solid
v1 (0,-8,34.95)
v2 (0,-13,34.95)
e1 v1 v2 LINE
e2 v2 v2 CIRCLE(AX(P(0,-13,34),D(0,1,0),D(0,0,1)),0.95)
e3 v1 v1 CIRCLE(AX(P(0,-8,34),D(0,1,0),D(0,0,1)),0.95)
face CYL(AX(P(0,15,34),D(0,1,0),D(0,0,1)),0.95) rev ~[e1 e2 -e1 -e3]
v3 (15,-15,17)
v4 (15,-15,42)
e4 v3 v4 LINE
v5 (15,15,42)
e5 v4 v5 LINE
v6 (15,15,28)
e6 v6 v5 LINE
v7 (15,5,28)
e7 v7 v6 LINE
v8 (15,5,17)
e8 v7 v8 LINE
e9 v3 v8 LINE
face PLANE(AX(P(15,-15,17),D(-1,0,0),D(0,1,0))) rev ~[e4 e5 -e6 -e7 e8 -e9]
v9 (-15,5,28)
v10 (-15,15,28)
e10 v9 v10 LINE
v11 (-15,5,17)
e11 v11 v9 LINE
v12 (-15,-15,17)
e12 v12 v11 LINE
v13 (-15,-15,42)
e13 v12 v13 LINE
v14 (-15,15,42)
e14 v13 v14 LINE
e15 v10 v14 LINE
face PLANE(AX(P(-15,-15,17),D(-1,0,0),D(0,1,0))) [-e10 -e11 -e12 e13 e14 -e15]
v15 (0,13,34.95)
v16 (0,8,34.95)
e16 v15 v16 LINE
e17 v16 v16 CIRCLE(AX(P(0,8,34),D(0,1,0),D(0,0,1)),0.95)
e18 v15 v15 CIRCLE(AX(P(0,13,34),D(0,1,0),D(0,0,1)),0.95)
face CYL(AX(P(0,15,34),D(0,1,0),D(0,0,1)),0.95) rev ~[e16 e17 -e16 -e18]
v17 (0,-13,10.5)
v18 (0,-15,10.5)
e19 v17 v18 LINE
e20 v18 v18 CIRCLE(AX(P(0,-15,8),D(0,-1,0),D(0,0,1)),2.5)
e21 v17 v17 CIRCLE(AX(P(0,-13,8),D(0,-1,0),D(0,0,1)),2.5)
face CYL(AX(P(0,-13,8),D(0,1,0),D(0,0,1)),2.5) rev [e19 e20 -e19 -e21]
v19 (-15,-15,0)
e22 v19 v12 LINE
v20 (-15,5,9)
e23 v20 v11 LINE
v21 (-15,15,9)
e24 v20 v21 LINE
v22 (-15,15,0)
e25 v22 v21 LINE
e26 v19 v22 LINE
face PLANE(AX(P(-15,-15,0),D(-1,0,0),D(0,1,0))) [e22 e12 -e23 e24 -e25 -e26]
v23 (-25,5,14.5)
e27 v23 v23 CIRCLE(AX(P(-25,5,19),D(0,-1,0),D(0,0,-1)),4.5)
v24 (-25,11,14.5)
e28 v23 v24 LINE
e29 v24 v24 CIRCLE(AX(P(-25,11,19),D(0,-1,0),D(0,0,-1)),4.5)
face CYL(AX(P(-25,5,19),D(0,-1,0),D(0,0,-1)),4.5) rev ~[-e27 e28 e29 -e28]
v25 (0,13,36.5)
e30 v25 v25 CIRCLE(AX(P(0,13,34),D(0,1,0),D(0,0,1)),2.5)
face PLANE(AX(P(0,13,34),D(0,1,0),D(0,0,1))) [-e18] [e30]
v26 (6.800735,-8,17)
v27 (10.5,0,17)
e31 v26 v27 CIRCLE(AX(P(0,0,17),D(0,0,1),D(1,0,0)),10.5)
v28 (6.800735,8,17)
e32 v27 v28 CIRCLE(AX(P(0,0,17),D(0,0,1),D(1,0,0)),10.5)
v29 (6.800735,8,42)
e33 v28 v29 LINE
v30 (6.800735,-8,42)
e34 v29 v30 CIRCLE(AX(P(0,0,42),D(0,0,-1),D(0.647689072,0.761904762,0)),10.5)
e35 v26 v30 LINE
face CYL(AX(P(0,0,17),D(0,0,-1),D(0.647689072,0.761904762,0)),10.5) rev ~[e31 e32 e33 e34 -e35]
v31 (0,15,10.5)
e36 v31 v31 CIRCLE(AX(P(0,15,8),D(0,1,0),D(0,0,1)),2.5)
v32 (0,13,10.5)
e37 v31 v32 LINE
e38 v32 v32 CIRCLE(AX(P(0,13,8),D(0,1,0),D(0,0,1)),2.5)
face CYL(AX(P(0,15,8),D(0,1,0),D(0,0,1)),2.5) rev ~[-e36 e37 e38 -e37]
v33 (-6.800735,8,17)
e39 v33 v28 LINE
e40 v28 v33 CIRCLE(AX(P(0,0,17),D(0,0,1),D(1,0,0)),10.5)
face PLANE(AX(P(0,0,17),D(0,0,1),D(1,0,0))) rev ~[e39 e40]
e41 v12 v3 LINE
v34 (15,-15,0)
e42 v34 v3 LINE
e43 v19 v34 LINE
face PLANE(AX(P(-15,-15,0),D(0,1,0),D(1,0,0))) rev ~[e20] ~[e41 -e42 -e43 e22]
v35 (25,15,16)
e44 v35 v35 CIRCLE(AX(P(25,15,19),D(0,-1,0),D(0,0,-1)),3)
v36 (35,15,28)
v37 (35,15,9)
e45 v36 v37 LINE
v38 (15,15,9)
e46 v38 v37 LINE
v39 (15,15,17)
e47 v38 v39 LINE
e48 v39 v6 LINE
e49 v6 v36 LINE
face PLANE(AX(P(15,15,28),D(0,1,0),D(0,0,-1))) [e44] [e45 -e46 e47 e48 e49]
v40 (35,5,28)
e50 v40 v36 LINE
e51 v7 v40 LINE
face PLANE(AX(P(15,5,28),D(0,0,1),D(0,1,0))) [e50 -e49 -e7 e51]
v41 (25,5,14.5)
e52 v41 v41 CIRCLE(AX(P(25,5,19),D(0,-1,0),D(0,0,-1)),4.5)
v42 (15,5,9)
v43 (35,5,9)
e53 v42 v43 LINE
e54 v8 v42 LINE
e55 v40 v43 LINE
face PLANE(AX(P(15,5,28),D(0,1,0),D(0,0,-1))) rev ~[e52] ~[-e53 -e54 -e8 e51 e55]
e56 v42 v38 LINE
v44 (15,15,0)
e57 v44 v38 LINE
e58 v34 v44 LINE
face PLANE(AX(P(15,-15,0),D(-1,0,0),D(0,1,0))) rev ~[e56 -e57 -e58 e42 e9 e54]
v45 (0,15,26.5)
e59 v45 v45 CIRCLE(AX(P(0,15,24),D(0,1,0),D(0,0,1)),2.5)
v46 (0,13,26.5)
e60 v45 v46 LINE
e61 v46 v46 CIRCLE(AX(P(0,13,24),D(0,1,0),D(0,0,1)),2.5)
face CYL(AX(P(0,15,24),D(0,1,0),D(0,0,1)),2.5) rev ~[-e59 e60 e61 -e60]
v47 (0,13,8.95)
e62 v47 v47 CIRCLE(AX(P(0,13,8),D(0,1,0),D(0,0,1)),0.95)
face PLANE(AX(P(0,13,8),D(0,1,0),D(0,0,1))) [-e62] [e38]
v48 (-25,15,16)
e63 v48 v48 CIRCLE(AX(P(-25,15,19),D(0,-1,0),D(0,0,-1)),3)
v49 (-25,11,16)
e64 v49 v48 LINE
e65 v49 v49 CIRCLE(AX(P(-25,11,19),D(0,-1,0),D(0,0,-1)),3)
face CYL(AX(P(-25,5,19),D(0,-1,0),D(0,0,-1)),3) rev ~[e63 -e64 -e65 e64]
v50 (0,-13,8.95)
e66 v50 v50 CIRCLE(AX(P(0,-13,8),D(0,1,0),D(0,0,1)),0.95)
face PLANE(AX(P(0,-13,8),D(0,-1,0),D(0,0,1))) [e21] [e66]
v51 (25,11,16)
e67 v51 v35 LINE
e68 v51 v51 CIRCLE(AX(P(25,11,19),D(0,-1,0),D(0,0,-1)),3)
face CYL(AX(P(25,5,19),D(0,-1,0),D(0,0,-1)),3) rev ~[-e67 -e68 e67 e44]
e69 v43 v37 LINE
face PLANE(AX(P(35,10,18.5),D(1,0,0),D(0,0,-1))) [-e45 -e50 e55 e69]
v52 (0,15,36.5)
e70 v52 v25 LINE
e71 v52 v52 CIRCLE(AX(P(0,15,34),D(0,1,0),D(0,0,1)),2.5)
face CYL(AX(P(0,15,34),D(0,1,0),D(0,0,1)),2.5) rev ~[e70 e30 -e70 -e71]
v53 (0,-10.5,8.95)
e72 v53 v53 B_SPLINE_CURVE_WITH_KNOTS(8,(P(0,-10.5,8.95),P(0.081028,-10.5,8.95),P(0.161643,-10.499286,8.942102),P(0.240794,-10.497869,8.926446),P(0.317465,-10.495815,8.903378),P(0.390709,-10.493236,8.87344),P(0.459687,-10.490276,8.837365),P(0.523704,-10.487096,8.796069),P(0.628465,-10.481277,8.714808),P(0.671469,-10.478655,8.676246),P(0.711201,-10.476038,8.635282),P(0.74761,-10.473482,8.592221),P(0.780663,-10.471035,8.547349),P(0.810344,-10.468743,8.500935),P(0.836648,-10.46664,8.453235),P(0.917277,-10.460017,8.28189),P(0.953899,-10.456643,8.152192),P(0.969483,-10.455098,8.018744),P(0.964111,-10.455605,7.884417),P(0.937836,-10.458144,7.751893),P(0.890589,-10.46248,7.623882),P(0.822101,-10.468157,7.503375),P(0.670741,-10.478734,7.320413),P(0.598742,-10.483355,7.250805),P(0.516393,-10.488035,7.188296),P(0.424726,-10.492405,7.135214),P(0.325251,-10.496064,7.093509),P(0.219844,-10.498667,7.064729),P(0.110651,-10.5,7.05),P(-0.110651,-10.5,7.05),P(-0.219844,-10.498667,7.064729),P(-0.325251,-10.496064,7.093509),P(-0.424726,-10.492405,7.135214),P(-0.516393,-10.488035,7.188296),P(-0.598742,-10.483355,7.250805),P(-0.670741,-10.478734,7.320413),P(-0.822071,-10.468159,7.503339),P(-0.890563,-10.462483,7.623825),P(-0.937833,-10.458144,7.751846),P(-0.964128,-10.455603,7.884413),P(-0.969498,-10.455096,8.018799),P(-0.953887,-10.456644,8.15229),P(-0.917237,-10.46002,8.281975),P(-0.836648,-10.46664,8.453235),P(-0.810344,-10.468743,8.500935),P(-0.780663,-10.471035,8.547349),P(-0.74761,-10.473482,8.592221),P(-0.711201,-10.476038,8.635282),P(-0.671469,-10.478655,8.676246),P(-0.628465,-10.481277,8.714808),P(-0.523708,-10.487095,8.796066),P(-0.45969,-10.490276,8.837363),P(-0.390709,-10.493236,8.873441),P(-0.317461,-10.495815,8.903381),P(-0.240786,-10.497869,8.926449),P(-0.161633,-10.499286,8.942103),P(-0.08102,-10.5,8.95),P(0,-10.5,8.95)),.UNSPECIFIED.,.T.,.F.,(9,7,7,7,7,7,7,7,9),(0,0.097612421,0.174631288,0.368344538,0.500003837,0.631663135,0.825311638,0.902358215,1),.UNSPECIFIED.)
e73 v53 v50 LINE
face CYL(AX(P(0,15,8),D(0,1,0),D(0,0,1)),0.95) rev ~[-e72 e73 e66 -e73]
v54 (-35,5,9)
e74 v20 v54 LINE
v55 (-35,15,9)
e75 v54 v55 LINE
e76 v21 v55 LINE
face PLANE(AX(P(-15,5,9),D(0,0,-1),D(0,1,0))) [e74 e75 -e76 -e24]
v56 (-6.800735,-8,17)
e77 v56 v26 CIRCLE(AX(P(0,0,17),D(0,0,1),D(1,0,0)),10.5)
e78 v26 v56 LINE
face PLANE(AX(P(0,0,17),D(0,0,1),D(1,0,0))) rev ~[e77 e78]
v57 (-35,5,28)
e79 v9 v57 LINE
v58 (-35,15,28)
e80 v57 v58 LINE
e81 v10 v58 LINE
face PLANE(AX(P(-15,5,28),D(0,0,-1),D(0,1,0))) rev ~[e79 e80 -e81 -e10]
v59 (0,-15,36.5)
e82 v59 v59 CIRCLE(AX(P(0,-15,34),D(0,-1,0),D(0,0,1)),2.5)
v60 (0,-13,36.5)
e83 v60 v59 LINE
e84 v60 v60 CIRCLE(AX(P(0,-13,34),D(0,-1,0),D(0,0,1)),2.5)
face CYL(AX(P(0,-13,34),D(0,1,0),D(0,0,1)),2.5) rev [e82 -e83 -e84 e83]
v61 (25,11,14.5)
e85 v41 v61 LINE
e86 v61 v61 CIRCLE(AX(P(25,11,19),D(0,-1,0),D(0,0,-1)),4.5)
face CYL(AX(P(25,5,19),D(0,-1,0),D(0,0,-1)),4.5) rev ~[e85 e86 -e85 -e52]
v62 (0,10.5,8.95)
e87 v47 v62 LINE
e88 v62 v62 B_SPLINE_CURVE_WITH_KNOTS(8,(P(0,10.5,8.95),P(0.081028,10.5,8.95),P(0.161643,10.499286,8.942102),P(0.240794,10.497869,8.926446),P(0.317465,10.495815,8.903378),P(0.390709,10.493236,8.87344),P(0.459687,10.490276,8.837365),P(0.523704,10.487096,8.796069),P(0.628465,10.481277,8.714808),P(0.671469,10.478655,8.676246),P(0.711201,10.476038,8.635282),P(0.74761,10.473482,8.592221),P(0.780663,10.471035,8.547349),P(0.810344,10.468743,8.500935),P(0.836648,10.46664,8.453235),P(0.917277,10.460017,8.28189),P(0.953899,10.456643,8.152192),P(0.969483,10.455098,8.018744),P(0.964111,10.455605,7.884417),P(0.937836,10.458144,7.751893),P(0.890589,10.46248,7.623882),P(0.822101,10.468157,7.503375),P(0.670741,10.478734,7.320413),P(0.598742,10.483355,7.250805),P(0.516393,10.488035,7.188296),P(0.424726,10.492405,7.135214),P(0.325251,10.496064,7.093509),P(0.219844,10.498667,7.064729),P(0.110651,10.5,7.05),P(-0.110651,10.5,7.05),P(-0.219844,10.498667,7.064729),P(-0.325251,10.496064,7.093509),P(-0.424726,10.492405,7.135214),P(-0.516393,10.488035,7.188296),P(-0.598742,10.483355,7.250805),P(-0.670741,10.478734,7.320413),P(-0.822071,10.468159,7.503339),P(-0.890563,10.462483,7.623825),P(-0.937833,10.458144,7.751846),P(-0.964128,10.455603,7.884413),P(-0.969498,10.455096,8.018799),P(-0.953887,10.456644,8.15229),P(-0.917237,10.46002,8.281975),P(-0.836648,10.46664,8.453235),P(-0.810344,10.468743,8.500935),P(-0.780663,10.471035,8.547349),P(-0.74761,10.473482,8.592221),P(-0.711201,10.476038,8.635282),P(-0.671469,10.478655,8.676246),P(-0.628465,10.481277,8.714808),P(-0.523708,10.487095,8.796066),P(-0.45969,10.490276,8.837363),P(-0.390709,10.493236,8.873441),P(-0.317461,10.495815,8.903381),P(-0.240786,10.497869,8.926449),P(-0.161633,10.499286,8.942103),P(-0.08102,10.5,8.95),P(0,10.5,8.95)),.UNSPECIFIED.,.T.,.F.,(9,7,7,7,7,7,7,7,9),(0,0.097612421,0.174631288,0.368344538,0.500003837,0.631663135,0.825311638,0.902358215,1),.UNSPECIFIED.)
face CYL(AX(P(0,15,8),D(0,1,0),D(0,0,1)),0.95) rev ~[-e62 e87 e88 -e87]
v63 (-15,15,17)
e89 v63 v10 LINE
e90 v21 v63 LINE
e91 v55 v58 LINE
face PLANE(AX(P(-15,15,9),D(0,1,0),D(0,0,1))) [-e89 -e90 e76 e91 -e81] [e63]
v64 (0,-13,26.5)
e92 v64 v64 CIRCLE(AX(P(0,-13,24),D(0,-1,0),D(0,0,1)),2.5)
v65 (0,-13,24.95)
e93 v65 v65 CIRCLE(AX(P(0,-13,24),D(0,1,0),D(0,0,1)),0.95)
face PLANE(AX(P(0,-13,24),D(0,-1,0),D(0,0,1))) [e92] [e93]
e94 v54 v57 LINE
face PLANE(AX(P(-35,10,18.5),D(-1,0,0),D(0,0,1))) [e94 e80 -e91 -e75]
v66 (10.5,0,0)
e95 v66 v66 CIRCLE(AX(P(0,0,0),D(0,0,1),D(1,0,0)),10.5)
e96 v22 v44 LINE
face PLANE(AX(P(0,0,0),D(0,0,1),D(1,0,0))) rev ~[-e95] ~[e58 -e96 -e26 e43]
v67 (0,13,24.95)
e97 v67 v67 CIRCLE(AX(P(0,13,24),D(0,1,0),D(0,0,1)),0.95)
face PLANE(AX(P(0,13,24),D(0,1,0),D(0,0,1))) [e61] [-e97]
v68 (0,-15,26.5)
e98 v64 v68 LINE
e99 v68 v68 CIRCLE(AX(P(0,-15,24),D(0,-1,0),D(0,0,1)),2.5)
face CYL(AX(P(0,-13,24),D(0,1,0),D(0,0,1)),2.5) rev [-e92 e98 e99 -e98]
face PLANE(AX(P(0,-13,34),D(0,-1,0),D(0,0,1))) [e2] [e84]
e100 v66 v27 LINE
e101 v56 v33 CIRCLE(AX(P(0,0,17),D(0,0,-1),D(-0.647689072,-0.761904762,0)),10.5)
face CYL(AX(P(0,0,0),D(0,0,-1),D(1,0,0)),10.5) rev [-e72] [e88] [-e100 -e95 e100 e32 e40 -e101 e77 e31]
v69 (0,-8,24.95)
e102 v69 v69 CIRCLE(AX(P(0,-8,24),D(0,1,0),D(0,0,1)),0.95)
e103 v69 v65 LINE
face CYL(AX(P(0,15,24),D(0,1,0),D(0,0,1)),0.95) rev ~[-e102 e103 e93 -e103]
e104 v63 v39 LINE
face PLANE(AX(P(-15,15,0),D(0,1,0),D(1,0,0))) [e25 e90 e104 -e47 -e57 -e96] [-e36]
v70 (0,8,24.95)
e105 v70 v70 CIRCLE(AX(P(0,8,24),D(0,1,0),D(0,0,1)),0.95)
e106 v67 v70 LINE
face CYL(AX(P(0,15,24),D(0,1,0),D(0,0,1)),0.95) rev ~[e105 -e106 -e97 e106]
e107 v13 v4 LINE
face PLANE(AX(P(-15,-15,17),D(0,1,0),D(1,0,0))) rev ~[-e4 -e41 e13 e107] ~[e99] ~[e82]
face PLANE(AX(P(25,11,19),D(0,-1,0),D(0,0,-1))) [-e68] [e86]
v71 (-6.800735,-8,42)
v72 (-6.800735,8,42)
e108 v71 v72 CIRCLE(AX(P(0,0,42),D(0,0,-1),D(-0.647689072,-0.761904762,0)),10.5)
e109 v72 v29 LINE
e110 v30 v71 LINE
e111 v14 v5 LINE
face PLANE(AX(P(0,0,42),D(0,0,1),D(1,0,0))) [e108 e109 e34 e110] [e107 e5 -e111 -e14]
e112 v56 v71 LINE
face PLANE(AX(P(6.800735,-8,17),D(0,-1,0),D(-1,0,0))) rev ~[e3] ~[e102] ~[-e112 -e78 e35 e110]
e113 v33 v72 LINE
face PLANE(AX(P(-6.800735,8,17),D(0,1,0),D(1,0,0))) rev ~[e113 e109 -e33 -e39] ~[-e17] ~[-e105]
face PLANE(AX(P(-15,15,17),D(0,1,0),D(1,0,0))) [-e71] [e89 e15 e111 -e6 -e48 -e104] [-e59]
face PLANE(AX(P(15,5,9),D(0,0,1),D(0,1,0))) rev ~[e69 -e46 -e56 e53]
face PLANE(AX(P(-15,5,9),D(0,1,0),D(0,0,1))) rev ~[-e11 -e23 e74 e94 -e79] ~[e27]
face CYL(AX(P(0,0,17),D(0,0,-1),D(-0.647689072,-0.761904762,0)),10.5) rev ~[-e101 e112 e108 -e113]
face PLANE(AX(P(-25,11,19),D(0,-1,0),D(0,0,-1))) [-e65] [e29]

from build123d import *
from build123d.topology import SkipClean

# Parameters (mm, degrees)
SKETCH_1_W          = 30
SKETCH_1_H          = 30
SKETCH_1_R          = 10.5
EXTRUDE_1_DEPTH     = 17
SKETCH_2_W          = 30
SKETCH_2_H          = 30
EXTRUDE_2_DEPTH     = 25
SKETCH_3_R          = 0.95
CUT_EXTRUDE_1_DEPTH = 54.749418602
SKETCH_4_R          = 2.5
CUT_EXTRUDE_2_DEPTH = 2
CUT_EXTRUDE_START   = -2
SKETCH_5_R          = 2.5
CUT_EXTRUDE_3_DEPTH = 2
SKETCH_6_W          = 19
SKETCH_6_H          = 10
EXTRUDE_5_DEPTH     = 20
SKETCH_8_W          = 19
SKETCH_8_H          = 10
EXTRUDE_6_DEPTH     = 20
SKETCH_9_R          = 3
CUT_EXTRUDE_4_DEPTH = 10
SKETCH_10_R         = 4.5
CUT_EXTRUDE_5_DEPTH = 6


with BuildPart() as part:
    # 草图1 → 凸台-拉伸1 (new body)
    with BuildSketch(Plane.XY):
        Rectangle(SKETCH_1_W, SKETCH_1_H)
        Circle(SKETCH_1_R, mode=Mode.SUBTRACT)
    extrude(amount=EXTRUDE_1_DEPTH)

    # 草图2 → 凸台-拉伸2 (add)
    with SkipClean():  # the faces are left unmerged after this step: merging them gives an invalid solid
        with BuildSketch(Plane.XY.offset(17)):
            Rectangle(SKETCH_2_W, SKETCH_2_H)
            with BuildLine():
                Line((-6.800735254, 8), (6.800735254, 8))
                ThreePointArc((6.800735254, 8), (10.5, 0), (6.800735254, -8))
                Line((6.800735254, -8), (-6.800735254, -8))
                ThreePointArc((-6.800735254, -8), (-10.5, 0), (-6.800735254, 8))
            make_face(mode=Mode.SUBTRACT)
        extrude(amount=EXTRUDE_2_DEPTH)

    # 草图3 → 切除-拉伸1 (cut, through all)
    with SkipClean():  # the faces are left unmerged after this step: merging them gives an invalid solid
        with BuildSketch(Plane(origin=(0, 15, 0), x_dir=(1, 0, 0), z_dir=(0, 1, 0))):
            with Locations(Location((0, -34, 0), (0, 0, 270))):
                Circle(SKETCH_3_R)
            with Locations(Location((0, -8, 0), (0, 0, 270))):
                Circle(SKETCH_3_R)
            with Locations(Location((0, -24, 0), (0, 0, 270))):
                Circle(SKETCH_3_R)
        extrude(amount=-CUT_EXTRUDE_1_DEPTH, mode=Mode.SUBTRACT)

    # 草图4 → 切除-拉伸2 (cut)
    with SkipClean():  # the faces are left unmerged after this step: merging them gives an invalid solid
        with BuildSketch(Plane(origin=(0, 15, 0), x_dir=(1, 0, 0), z_dir=(0, 1, 0))):
            with Locations(Location((0, -8, 0), (0, 0, 270))):
                Circle(SKETCH_4_R)
            with Locations(Location((0, -24, 0), (0, 0, 270))):
                Circle(SKETCH_4_R)
            with Locations(Location((0, -34, 0), (0, 0, 270))):
                Circle(SKETCH_4_R)
        extrude(amount=-CUT_EXTRUDE_2_DEPTH, mode=Mode.SUBTRACT)

    # 草图5 → 切除-拉伸3 (cut)
    with SkipClean():  # the faces are left unmerged after this step: merging them gives an invalid solid
        with BuildSketch(Plane.XZ.offset(15).offset(CUT_EXTRUDE_START)):
            with Locations(Location((0, 34, 0), (0, 0, 90))):
                Circle(SKETCH_5_R)
            with Locations(Location((0, 24, 0), (0, 0, 90))):
                Circle(SKETCH_5_R)
            with Locations(Location((0, 8, 0), (0, 0, 90))):
                Circle(SKETCH_5_R)
        extrude(amount=CUT_EXTRUDE_3_DEPTH, mode=Mode.SUBTRACT)

    # 草图6 → 凸台-拉伸5 (add)
    with SkipClean():  # the faces are left unmerged after this step: merging them gives an invalid solid
        with BuildSketch(Plane.ZY.offset(15)):
            with Locations((18.5, 10)):
                Rectangle(SKETCH_6_W, SKETCH_6_H)
        extrude(amount=EXTRUDE_5_DEPTH)

    # 草图8 → 凸台-拉伸6 (add)
    with SkipClean():  # the faces are left unmerged after this step: merging them gives an invalid solid
        with BuildSketch(Plane(origin=(15, 0, 0), x_dir=(0, 0, -1), z_dir=(1, 0, 0))):
            with Locations((-18.5, 10)):
                Rectangle(SKETCH_8_W, SKETCH_8_H)
        extrude(amount=EXTRUDE_6_DEPTH)

    # 草图9 → 切除-拉伸4 (cut)
    with SkipClean():  # the faces are left unmerged after this step: merging them gives an invalid solid
        with BuildSketch(Plane.XZ.offset(-5)):
            with Locations(Location((-25, 19, 0), (0, 0, 270))):
                Circle(SKETCH_9_R)
            with Locations(Location((25, 19, 0), (0, 0, 270))):
                Circle(SKETCH_9_R)
        extrude(amount=-CUT_EXTRUDE_4_DEPTH, mode=Mode.SUBTRACT)

    # 草图10 → 切除-拉伸5 (cut)
    with SkipClean():  # the faces are left unmerged after this step: merging them gives an invalid solid
        with BuildSketch(Plane.XZ.offset(-5)):
            with Locations(Location((-25, 19, 0), (0, 0, 270))):
                Circle(SKETCH_10_R)
            with Locations(Location((25, 19, 0), (0, 0, 270))):
                Circle(SKETCH_10_R)
        extrude(amount=-CUT_EXTRUDE_5_DEPTH, mode=Mode.SUBTRACT)


solid = part.part
